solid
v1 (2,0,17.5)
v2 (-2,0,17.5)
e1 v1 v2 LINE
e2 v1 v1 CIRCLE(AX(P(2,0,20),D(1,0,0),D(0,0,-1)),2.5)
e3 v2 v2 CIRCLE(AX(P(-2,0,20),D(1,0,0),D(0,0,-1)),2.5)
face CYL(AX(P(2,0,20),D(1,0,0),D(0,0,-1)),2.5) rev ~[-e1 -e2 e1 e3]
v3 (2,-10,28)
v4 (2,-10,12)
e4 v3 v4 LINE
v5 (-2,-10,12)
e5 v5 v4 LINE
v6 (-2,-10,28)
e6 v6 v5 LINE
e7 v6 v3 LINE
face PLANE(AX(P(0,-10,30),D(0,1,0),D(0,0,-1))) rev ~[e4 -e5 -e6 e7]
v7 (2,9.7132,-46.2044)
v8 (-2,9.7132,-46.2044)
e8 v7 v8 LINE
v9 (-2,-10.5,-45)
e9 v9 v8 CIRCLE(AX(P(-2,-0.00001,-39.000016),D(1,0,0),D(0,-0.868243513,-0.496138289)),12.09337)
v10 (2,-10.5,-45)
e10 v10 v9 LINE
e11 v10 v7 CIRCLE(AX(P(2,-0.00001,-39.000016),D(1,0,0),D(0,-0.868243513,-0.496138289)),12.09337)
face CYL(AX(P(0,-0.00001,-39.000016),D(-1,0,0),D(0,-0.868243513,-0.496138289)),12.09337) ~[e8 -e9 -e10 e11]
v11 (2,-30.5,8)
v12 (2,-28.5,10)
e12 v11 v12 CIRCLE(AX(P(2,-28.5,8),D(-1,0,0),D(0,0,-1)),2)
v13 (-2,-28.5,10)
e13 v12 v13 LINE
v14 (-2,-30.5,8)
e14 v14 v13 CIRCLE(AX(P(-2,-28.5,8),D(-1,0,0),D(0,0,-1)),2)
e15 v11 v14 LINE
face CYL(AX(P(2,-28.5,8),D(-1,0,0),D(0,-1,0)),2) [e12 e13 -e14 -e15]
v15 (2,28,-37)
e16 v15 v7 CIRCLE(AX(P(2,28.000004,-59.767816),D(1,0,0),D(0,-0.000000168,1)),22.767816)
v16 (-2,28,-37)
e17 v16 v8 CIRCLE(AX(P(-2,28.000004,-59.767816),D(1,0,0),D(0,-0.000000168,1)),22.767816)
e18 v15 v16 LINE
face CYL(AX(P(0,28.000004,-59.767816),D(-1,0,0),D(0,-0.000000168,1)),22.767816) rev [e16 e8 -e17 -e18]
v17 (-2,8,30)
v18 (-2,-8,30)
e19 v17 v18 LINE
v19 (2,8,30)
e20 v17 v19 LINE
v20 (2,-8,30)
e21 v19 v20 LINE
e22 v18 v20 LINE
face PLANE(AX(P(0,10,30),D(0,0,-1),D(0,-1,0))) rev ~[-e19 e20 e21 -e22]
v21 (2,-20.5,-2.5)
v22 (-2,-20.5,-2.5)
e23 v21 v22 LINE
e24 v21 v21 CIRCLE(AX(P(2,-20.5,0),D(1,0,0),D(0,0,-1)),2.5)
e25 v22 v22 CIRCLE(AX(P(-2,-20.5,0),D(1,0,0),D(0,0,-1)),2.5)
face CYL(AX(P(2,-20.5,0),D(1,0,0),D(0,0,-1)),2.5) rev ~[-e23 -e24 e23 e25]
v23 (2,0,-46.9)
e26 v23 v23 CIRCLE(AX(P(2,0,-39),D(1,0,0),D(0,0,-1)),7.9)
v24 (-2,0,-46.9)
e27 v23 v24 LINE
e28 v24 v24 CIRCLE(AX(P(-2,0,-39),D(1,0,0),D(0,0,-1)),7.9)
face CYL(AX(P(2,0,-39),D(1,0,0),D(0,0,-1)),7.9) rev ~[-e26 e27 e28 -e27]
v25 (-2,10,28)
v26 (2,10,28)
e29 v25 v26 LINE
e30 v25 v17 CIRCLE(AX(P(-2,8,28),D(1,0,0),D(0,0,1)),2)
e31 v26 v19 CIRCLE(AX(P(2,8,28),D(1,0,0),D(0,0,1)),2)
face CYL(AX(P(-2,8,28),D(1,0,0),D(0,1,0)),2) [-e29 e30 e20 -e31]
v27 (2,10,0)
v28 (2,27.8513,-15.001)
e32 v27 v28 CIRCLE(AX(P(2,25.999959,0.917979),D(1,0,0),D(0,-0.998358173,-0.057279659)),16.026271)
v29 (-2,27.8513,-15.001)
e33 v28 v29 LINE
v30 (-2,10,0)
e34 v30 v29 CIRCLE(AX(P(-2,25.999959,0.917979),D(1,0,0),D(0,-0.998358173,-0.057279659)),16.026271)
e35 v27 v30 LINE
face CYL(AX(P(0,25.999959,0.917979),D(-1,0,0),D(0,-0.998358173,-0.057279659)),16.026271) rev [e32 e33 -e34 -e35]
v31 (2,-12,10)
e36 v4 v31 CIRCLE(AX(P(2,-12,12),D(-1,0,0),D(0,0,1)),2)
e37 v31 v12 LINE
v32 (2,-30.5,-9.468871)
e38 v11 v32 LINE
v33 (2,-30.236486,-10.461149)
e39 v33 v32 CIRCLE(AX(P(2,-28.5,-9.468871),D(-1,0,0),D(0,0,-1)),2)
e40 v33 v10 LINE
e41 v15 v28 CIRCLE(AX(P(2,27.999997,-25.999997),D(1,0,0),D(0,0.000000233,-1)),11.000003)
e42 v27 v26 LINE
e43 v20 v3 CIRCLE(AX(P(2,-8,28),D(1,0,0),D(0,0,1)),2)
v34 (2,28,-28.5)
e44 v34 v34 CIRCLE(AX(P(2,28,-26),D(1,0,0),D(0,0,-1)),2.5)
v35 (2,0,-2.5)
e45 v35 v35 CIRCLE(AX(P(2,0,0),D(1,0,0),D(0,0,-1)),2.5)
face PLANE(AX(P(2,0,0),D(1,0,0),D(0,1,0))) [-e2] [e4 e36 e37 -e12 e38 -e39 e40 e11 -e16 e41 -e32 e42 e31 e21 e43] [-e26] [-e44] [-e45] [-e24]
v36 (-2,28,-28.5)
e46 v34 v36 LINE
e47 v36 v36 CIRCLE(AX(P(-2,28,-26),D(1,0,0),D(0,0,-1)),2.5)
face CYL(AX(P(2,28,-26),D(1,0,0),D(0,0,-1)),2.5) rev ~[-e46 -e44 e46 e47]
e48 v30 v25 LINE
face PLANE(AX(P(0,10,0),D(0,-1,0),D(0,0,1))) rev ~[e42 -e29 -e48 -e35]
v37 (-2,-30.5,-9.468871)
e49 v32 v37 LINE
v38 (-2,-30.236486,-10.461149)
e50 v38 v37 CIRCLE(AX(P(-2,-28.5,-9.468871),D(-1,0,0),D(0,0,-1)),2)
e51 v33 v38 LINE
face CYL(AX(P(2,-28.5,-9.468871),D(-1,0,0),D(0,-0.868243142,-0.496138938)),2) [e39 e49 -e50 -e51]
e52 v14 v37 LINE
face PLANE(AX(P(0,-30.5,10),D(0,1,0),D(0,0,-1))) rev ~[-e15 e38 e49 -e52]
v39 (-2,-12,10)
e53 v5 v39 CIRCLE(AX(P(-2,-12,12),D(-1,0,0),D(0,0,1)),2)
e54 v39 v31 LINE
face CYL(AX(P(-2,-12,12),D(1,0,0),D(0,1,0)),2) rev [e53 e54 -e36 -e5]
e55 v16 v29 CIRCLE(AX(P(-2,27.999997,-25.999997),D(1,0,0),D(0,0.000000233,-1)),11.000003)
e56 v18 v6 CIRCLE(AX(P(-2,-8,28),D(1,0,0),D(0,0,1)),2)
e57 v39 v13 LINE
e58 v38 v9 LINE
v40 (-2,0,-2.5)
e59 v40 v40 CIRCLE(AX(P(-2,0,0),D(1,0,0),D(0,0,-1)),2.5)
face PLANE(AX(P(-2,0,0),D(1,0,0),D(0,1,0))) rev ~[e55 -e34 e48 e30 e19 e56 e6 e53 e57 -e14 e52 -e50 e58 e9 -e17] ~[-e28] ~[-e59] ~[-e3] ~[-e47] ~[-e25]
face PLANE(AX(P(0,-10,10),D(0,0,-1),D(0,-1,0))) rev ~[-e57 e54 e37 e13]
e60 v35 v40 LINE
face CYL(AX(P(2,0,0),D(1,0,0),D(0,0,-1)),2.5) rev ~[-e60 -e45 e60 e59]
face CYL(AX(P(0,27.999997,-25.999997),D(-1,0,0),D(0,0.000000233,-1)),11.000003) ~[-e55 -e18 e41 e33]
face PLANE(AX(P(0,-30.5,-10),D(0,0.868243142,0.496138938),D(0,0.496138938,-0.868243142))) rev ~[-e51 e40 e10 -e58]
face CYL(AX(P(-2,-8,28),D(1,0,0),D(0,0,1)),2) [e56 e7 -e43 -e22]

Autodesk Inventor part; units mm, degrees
ref_plane "YZ Plane" through (0, 0, 0) normal (1, 0, 0) x (0, 1, 0)
ref_plane "XZ Plane" through (0, 0, 0) normal (0, 1, 0) x (-1, 0, 0)
ref_plane "XY Plane" through (0, 0, 0) normal (0, 0, 1) x (1, 0, 0)
sketch "Skizze1" plane through (0, 0, 0) normal (1, 0, 0) x (0, 1, 0)
  line L0 (10, 30) -> (-10, 30)
  line L1 (-10, 30) -> (-10, 10)
  line L2 (-10, 10) -> (-30.5, 10)
  line L3 (-30.5, 10) -> (-30.5, -10)
  line L4 (-30.5, -10) -> (-30.5, -10)
  line L5 (-30.5, -10) -> (-10.5, -45)
  line L6 (10, 0) -> (10, 30)
  arc A0 (28, -37) -> (27.8513, -15.001) centre (28, -26) ccw
  arc A1 (10, 0) -> (27.8513, -15.001) centre (26, 0.918) ccw
  arc A2 (-10.5, -45) -> (9.7132, -46.2044) centre (0, -39) ccw
  arc A3 (28, -37) -> (9.7132, -46.2044) centre (28, -59.7678) ccw
  point P0 (0, 0)
  point P1 (-30.5, 0)
  point P2 (0, 30)
  dimension "d0" = 20
  dimension "d1" = 20
  dimension "d3" = 40
  dimension "d6" = 0
  dimension "d41" = 20
  dimension "d43" = 22
  dimension "d45" = 18
  dimension "d56" = 16
  dimension "d60" = 45
  dimension "d61" = 39
  dimension "d62" = 10
  dimension "d63" = 18
  dimension "d67" = 26
  dimension "d68" = 0.918
extrude "Extrusion1" add sketch "Skizze1" along normal mid plane 4
fillet "Rundung1" radius 2 5 edges at (0, 10, 30) (0, -10, 30) (0, -10, 10) (0, -30.5, 10) (0, -30.5, -10)
sketch "Skizze2" plane through (2, 0, 0) normal (1, 0, 0) x (0, 0, -1)
  circle A0 centre (-20, 0) radius 2.5
  circle A1 centre (0, 0) radius 2.5
  circle A2 centre (0, -20.5) radius 2.5
  circle A3 centre (39, 0) radius 7.9
  line L0 (-8, -30.5) -> (9.4689, -30.5) projected
  line L1 (-30, 8) -> (-30, -8) projected
  line L2 (0, 10) -> (-28, 10) projected
  circle A4 centre (26, 28) radius 2.5
  arc A5 (37, 28) -> (15.001, 27.8513) centre (26, 28) ccw projected
  point P0 (0, 0)
  point P1 (0.7344, -30.5)
  dimension "d10" = 5
  dimension "d11" = 5
  dimension "d12" = 5
  dimension "d13" = 10
  dimension "d14" = 20
  dimension "d15" = 10
  dimension "d16" = 15.8
  dimension "d58" = 0
  dimension "d64" = 5
  dimension "d69" = 39
extrude "Extrusion2" cut sketch "Skizze2" against normal through all
properties part number "KettenBlech_Oben_Hinten"
